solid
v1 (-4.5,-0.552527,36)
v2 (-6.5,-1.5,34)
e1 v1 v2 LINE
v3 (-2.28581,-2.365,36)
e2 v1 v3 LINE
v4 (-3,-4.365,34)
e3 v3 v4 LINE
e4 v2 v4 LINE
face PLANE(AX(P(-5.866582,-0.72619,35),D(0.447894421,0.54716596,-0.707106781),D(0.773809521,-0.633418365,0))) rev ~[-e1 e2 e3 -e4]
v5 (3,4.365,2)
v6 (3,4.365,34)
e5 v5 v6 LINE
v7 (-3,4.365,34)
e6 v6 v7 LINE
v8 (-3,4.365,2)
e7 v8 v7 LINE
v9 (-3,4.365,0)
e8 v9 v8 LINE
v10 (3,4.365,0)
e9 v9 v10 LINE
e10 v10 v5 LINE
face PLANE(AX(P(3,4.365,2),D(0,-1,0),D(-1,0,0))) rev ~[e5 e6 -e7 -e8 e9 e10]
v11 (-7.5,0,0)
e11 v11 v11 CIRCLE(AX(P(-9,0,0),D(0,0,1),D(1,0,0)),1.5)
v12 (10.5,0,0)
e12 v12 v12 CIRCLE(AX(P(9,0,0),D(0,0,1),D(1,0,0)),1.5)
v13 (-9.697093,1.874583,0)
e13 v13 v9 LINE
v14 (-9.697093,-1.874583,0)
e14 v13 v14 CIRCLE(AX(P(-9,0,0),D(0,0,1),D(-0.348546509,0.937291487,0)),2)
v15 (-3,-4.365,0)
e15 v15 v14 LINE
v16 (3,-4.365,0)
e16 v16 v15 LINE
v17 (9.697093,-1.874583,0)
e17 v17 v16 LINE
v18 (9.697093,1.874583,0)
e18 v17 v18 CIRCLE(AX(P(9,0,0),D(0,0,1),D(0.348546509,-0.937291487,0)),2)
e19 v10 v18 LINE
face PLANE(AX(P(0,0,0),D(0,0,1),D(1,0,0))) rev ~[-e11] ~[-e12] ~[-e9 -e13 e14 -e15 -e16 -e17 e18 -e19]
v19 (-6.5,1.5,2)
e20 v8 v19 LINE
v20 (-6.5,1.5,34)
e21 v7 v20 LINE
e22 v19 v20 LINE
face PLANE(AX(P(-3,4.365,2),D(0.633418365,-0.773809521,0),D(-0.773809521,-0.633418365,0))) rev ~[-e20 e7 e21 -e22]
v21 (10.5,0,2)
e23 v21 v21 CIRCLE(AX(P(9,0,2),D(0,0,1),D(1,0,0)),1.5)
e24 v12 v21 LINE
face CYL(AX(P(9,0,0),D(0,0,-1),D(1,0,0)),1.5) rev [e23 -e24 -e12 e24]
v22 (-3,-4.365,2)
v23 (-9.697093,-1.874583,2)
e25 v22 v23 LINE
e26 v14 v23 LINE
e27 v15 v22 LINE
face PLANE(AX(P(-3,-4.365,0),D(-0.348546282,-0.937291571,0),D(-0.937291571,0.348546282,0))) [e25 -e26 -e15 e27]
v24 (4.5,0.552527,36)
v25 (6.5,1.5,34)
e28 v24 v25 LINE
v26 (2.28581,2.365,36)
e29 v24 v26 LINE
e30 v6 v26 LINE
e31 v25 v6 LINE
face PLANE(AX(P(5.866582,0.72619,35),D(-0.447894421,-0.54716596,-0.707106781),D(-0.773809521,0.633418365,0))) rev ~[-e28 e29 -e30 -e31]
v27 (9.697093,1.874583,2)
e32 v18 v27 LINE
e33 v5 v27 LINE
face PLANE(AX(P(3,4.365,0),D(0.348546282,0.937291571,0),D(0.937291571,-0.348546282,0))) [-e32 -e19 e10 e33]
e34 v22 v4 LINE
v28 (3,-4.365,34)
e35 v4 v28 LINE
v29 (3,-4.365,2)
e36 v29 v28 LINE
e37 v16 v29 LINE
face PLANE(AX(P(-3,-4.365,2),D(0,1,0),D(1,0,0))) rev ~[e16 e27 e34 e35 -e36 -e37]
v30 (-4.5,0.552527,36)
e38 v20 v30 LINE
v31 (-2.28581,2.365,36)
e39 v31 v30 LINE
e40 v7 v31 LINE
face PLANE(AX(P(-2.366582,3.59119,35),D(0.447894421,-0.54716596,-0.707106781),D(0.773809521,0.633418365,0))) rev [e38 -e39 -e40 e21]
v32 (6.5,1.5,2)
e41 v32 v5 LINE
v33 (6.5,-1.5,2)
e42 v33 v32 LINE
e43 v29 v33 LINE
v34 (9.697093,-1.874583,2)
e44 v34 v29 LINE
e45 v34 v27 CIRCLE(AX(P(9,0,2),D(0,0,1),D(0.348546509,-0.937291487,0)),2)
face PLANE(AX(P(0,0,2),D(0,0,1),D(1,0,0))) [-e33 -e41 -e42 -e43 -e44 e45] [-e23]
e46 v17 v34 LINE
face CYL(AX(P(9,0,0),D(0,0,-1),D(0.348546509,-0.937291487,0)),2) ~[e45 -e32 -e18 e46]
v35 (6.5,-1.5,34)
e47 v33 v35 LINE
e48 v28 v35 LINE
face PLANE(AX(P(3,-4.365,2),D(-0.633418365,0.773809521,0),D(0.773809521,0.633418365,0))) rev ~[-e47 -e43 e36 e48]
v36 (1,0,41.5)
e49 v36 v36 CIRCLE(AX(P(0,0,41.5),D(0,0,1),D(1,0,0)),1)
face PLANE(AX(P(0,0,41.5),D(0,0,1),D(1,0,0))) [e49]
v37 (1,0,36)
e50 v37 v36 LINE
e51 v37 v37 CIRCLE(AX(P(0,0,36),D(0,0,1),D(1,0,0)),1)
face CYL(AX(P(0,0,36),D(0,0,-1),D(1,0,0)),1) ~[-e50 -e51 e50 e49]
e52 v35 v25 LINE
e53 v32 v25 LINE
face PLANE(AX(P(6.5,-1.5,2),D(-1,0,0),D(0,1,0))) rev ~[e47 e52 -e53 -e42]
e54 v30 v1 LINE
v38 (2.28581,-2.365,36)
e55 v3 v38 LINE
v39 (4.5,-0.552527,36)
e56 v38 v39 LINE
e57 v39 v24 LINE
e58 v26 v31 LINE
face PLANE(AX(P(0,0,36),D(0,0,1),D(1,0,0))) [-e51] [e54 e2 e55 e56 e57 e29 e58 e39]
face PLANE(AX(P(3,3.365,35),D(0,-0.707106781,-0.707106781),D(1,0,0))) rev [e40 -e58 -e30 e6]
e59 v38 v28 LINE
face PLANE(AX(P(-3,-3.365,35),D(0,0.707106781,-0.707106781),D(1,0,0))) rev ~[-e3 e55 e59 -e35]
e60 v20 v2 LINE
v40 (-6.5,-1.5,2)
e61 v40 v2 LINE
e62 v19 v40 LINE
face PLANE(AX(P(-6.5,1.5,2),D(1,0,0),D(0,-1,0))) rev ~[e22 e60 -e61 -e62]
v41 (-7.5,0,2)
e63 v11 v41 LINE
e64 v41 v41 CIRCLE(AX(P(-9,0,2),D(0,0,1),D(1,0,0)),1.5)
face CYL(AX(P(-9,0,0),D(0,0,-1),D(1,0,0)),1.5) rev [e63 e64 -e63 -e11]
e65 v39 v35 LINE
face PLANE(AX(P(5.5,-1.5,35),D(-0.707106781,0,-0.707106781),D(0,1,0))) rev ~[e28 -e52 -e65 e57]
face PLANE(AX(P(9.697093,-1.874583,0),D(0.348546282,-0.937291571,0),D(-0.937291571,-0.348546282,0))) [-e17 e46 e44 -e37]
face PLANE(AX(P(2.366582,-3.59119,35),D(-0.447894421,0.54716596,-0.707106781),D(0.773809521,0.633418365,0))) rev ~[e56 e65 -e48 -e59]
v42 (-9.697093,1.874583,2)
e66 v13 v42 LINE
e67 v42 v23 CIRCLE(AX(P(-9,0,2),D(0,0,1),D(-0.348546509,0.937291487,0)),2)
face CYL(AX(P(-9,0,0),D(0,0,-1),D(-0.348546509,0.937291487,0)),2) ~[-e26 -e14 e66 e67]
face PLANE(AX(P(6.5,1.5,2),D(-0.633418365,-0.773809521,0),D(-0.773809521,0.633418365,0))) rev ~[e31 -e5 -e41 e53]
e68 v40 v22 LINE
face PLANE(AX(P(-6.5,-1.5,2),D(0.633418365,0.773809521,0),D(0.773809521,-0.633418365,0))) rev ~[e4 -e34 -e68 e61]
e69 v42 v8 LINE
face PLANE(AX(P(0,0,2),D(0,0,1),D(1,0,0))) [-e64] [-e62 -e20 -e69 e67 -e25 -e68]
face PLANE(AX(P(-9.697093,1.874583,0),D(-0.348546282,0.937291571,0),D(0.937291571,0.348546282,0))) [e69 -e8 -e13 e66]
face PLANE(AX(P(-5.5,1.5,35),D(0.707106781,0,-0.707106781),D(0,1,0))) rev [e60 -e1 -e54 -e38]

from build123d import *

# Parameters (mm, degrees)
SKETCH_R     = 1.5
PAD_DEPTH    = 2
PAD001_DEPTH = 34
CHAMFER_SIZE = 2
SKETCH002_R  = 1
PAD002_DEPTH = 5.5


with BuildPart() as part:
    # Sketch → Pad (new body)
    with BuildSketch(Plane.XY):
        with BuildLine():
            ThreePointArc((-9.697093, 1.874583), (-11, 0), (-9.697093, -1.874583))
            Line((-3, -4.365), (-9.697093, -1.874583))
            Line((3, -4.365), (-3, -4.365))
            Line((9.697093, -1.874583), (3, -4.365))
            ThreePointArc((9.697093, -1.874583), (11, 0), (9.697093, 1.874583))
            Line((3, 4.365), (9.697093, 1.874583))
            Line((-3, 4.365), (3, 4.365))
            Line((-9.697093, 1.874583), (-3, 4.365))
        make_face()
        with Locations((-9, 0)):
            Circle(SKETCH_R, mode=Mode.SUBTRACT)
        with Locations((9, 0)):
            Circle(SKETCH_R, mode=Mode.SUBTRACT)
    extrude(amount=PAD_DEPTH)

    # Sketch001 (on Face12 of Pad) → Pad001 (join)
    with BuildSketch(Plane.XY.offset(2)):
        Polygon((-3, 4.365), (-6.5, 1.5), (-6.5, -1.5), (-3, -4.365), (3, -4.365), (6.5, -1.5), (6.5, 1.5), (3, 4.365), align=None)
    extrude(amount=PAD001_DEPTH)

    # Chamfer
    chamfer_edges = [part.edges().sort_by_distance(p)[0] for p in [
        (6.5, 0, 36),
        (4.75, -2.9325, 36),
        (0, -4.365, 36),
        (-4.75, -2.9325, 36),
        (-6.5, 0, 36),
        (-4.75, 2.9325, 36),
        (0, 4.365, 36),
        (4.75, 2.9325, 36),
    ]]
    chamfer(chamfer_edges, length=CHAMFER_SIZE)

    # Sketch002 (on Face9 of Chamfer) → Pad002 (join)
    with BuildSketch(Plane.XY.offset(36)):
        Circle(SKETCH002_R)
    extrude(amount=PAD002_DEPTH)


solid = part.part
